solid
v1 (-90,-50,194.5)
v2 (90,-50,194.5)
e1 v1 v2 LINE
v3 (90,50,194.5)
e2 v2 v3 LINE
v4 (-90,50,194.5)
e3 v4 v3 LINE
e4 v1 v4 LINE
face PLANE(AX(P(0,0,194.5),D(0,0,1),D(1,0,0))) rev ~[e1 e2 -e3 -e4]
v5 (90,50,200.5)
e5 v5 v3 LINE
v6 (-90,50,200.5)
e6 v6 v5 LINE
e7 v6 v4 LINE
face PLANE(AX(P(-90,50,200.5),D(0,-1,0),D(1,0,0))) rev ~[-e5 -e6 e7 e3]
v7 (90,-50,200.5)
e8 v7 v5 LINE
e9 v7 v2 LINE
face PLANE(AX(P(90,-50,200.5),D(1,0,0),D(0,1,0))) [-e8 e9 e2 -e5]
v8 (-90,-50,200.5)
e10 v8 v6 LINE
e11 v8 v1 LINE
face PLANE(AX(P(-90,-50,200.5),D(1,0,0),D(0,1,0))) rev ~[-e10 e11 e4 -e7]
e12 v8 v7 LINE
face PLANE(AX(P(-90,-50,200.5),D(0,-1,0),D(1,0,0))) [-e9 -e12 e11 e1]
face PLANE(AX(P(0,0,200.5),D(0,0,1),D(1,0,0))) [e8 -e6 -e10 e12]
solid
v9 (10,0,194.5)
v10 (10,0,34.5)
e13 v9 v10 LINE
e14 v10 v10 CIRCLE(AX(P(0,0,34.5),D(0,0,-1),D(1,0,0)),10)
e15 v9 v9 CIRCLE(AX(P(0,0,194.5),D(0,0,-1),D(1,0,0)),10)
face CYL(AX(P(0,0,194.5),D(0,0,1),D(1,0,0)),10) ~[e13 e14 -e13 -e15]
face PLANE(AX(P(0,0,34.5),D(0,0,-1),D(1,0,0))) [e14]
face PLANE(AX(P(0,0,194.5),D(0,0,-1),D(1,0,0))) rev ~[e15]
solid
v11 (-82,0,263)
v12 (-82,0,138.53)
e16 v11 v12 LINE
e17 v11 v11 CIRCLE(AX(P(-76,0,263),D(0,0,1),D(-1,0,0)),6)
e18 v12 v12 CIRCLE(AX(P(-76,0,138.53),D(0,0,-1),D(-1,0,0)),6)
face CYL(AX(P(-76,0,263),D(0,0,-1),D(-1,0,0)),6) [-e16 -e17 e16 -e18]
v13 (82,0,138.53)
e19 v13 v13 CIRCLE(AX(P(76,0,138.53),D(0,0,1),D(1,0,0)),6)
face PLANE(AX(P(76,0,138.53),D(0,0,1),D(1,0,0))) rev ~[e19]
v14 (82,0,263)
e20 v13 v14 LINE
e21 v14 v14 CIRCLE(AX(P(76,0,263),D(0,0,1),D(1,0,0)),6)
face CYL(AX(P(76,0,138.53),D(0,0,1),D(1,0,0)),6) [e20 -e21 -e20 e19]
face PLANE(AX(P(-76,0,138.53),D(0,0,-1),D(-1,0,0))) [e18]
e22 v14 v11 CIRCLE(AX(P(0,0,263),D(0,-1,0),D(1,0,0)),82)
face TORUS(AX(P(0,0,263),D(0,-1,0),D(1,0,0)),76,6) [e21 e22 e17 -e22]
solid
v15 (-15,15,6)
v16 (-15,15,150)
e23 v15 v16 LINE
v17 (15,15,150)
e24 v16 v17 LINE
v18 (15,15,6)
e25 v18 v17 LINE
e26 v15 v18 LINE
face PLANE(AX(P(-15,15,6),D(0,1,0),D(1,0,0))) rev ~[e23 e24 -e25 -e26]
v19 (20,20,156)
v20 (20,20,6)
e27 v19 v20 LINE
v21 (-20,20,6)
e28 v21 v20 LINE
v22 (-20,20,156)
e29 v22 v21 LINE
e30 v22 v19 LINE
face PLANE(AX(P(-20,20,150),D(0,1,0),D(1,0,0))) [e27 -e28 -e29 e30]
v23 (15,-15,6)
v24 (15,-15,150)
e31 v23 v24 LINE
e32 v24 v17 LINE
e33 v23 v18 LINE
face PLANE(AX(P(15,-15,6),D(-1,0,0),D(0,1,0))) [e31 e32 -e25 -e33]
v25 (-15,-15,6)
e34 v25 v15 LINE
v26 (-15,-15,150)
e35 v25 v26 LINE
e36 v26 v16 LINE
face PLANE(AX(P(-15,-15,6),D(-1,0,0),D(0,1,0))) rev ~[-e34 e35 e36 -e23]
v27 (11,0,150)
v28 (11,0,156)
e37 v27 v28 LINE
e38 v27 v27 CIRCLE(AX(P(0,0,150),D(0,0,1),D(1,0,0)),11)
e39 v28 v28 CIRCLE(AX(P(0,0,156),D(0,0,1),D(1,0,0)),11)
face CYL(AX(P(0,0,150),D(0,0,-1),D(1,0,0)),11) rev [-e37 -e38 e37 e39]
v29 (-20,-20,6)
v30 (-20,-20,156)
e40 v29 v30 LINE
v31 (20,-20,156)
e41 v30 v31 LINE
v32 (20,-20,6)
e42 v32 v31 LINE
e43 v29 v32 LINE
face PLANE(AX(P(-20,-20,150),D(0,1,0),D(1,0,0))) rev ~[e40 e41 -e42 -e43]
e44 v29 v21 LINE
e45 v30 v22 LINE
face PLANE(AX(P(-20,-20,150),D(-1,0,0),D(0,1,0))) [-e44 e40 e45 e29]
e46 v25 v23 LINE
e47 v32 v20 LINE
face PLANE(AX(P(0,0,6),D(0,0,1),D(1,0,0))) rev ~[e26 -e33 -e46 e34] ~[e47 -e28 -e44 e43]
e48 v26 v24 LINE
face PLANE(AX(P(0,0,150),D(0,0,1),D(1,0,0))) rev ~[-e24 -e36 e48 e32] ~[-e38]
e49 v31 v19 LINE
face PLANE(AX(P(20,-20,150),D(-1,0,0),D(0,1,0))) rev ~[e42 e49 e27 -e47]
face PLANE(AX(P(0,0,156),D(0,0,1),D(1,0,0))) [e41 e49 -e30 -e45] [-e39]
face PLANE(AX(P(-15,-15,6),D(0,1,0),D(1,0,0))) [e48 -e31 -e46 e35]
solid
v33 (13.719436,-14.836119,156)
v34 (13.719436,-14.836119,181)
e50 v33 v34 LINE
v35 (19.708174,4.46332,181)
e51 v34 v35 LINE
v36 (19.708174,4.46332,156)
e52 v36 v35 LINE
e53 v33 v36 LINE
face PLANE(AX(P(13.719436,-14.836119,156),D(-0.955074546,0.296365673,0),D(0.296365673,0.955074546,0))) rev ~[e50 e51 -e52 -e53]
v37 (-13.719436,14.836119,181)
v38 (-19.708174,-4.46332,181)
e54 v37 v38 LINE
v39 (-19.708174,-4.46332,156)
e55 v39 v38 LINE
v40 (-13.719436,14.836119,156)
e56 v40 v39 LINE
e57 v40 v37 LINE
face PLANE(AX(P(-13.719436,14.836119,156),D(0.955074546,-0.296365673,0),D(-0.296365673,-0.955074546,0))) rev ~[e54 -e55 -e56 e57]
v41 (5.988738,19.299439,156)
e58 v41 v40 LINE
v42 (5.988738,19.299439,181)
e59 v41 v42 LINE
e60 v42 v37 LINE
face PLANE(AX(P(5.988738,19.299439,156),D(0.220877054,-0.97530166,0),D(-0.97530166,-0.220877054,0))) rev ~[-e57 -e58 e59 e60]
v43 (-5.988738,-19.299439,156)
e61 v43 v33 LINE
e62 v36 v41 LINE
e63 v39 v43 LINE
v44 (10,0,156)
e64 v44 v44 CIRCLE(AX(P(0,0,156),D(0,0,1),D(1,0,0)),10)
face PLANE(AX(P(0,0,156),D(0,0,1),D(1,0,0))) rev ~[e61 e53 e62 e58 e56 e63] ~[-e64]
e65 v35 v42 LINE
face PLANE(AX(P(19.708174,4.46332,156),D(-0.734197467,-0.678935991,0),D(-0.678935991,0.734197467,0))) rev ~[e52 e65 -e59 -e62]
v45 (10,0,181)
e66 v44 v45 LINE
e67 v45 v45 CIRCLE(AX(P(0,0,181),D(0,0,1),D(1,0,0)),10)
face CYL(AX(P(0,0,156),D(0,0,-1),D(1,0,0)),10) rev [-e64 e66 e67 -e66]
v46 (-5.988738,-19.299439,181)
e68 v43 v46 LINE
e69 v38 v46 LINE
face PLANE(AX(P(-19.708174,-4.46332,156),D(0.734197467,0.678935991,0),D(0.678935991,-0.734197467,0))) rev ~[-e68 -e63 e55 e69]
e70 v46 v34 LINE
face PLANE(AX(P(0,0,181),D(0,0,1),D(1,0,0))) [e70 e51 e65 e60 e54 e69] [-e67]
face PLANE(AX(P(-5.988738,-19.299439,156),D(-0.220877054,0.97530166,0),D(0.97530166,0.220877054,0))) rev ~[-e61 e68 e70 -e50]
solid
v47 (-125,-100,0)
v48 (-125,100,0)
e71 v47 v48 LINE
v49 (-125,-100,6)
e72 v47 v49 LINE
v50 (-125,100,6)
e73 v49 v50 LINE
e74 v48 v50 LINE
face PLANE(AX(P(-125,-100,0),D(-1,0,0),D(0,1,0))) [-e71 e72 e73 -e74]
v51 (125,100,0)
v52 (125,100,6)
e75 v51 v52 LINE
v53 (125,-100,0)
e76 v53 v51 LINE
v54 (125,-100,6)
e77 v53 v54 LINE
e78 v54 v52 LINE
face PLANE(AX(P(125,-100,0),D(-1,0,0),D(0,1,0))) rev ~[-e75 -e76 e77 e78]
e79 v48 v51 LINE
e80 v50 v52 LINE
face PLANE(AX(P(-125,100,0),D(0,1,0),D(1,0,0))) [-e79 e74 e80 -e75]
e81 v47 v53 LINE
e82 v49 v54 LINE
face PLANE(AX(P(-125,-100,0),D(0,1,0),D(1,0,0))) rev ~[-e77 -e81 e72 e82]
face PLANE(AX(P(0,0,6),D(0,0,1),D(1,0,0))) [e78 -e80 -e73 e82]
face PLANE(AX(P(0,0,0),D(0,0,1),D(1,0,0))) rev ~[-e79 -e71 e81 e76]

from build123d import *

# Parameters (mm, degrees)
F0_W      = 250
F0_H      = 200
F1_DEPTH  = 6
F2_W      = 40
F2_H      = 40
F2_W_2    = 30
F2_H_2    = 30
F3_DEPTH  = 144
F4_W      = 40
F4_H      = 40
F4_R      = 11
F5_DEPTH  = 6
F7_W      = 180
F7_H      = 100
F8_DEPTH  = 6
F9_R      = 10
F10_DEPTH = 160
F13_R     = 6
F15_R     = 10
F16_DEPTH = 25


with BuildPart() as f1:
    # F0 (on Top) → F1 (new body)
    with BuildSketch(Plane.XY):
        Rectangle(F0_W, F0_H)
    extrude(amount=F1_DEPTH)


with BuildPart() as f3:
    # F2 (on face) → F3 (new body)
    with BuildSketch(Plane.XY.offset(6)):
        Rectangle(F2_W, F2_H)
        Rectangle(F2_W_2, F2_H_2, mode=Mode.SUBTRACT)
    extrude(amount=F3_DEPTH)

    # F4 (on face) → F5 (join)
    with BuildSketch(Plane.XY.offset(150)):
        Rectangle(F4_W, F4_H)
        Circle(F4_R, mode=Mode.SUBTRACT)
    extrude(amount=F5_DEPTH)


with BuildPart() as f8:
    # F7 (on offset) → F8 (new body)
    with BuildSketch(Plane.XY.offset(200.5)):
        Rectangle(F7_W, F7_H)
    extrude(amount=-F8_DEPTH)


with BuildPart() as f10:
    # F9 (on face) → F10 (new body)
    with BuildSketch(Plane(origin=(0, 0, 194.5), x_dir=(1, 0, 0), z_dir=(0, 0, -1))):
        Circle(F9_R)
    extrude(amount=F10_DEPTH)


with BuildPart() as f14:
    # F14: sweep along a path in F11
    with BuildLine(Plane.XZ) as f14_path:
        Line((76, 138.53), (76, 263))
        ThreePointArc((76, 263), (0, 339), (-76, 263))
        Line((-76, 263), (-76, 138.53))
    # F13 (on offset) → F14 (sweep)
    with BuildSketch(Plane.XY.offset(138.53)):
        with Locations((76, 0)):
            Circle(F13_R)
    sweep(path=f14_path.line)


with BuildPart() as f16:
    # F15 (on face) → F16 (new body)
    with BuildSketch(Plane.XY.offset(156)):
        Polygon((-19.708174, -4.46332), (-5.988738, -19.299439), (13.719436, -14.836119), (19.708174, 4.46332), (5.988738, 19.299439), (-13.719436, 14.836119), align=None)
        Circle(F15_R, mode=Mode.SUBTRACT)
    extrude(amount=F16_DEPTH)


solid = Compound([f1.part, f3.part, f8.part, f10.part, f14.part, f16.part])
